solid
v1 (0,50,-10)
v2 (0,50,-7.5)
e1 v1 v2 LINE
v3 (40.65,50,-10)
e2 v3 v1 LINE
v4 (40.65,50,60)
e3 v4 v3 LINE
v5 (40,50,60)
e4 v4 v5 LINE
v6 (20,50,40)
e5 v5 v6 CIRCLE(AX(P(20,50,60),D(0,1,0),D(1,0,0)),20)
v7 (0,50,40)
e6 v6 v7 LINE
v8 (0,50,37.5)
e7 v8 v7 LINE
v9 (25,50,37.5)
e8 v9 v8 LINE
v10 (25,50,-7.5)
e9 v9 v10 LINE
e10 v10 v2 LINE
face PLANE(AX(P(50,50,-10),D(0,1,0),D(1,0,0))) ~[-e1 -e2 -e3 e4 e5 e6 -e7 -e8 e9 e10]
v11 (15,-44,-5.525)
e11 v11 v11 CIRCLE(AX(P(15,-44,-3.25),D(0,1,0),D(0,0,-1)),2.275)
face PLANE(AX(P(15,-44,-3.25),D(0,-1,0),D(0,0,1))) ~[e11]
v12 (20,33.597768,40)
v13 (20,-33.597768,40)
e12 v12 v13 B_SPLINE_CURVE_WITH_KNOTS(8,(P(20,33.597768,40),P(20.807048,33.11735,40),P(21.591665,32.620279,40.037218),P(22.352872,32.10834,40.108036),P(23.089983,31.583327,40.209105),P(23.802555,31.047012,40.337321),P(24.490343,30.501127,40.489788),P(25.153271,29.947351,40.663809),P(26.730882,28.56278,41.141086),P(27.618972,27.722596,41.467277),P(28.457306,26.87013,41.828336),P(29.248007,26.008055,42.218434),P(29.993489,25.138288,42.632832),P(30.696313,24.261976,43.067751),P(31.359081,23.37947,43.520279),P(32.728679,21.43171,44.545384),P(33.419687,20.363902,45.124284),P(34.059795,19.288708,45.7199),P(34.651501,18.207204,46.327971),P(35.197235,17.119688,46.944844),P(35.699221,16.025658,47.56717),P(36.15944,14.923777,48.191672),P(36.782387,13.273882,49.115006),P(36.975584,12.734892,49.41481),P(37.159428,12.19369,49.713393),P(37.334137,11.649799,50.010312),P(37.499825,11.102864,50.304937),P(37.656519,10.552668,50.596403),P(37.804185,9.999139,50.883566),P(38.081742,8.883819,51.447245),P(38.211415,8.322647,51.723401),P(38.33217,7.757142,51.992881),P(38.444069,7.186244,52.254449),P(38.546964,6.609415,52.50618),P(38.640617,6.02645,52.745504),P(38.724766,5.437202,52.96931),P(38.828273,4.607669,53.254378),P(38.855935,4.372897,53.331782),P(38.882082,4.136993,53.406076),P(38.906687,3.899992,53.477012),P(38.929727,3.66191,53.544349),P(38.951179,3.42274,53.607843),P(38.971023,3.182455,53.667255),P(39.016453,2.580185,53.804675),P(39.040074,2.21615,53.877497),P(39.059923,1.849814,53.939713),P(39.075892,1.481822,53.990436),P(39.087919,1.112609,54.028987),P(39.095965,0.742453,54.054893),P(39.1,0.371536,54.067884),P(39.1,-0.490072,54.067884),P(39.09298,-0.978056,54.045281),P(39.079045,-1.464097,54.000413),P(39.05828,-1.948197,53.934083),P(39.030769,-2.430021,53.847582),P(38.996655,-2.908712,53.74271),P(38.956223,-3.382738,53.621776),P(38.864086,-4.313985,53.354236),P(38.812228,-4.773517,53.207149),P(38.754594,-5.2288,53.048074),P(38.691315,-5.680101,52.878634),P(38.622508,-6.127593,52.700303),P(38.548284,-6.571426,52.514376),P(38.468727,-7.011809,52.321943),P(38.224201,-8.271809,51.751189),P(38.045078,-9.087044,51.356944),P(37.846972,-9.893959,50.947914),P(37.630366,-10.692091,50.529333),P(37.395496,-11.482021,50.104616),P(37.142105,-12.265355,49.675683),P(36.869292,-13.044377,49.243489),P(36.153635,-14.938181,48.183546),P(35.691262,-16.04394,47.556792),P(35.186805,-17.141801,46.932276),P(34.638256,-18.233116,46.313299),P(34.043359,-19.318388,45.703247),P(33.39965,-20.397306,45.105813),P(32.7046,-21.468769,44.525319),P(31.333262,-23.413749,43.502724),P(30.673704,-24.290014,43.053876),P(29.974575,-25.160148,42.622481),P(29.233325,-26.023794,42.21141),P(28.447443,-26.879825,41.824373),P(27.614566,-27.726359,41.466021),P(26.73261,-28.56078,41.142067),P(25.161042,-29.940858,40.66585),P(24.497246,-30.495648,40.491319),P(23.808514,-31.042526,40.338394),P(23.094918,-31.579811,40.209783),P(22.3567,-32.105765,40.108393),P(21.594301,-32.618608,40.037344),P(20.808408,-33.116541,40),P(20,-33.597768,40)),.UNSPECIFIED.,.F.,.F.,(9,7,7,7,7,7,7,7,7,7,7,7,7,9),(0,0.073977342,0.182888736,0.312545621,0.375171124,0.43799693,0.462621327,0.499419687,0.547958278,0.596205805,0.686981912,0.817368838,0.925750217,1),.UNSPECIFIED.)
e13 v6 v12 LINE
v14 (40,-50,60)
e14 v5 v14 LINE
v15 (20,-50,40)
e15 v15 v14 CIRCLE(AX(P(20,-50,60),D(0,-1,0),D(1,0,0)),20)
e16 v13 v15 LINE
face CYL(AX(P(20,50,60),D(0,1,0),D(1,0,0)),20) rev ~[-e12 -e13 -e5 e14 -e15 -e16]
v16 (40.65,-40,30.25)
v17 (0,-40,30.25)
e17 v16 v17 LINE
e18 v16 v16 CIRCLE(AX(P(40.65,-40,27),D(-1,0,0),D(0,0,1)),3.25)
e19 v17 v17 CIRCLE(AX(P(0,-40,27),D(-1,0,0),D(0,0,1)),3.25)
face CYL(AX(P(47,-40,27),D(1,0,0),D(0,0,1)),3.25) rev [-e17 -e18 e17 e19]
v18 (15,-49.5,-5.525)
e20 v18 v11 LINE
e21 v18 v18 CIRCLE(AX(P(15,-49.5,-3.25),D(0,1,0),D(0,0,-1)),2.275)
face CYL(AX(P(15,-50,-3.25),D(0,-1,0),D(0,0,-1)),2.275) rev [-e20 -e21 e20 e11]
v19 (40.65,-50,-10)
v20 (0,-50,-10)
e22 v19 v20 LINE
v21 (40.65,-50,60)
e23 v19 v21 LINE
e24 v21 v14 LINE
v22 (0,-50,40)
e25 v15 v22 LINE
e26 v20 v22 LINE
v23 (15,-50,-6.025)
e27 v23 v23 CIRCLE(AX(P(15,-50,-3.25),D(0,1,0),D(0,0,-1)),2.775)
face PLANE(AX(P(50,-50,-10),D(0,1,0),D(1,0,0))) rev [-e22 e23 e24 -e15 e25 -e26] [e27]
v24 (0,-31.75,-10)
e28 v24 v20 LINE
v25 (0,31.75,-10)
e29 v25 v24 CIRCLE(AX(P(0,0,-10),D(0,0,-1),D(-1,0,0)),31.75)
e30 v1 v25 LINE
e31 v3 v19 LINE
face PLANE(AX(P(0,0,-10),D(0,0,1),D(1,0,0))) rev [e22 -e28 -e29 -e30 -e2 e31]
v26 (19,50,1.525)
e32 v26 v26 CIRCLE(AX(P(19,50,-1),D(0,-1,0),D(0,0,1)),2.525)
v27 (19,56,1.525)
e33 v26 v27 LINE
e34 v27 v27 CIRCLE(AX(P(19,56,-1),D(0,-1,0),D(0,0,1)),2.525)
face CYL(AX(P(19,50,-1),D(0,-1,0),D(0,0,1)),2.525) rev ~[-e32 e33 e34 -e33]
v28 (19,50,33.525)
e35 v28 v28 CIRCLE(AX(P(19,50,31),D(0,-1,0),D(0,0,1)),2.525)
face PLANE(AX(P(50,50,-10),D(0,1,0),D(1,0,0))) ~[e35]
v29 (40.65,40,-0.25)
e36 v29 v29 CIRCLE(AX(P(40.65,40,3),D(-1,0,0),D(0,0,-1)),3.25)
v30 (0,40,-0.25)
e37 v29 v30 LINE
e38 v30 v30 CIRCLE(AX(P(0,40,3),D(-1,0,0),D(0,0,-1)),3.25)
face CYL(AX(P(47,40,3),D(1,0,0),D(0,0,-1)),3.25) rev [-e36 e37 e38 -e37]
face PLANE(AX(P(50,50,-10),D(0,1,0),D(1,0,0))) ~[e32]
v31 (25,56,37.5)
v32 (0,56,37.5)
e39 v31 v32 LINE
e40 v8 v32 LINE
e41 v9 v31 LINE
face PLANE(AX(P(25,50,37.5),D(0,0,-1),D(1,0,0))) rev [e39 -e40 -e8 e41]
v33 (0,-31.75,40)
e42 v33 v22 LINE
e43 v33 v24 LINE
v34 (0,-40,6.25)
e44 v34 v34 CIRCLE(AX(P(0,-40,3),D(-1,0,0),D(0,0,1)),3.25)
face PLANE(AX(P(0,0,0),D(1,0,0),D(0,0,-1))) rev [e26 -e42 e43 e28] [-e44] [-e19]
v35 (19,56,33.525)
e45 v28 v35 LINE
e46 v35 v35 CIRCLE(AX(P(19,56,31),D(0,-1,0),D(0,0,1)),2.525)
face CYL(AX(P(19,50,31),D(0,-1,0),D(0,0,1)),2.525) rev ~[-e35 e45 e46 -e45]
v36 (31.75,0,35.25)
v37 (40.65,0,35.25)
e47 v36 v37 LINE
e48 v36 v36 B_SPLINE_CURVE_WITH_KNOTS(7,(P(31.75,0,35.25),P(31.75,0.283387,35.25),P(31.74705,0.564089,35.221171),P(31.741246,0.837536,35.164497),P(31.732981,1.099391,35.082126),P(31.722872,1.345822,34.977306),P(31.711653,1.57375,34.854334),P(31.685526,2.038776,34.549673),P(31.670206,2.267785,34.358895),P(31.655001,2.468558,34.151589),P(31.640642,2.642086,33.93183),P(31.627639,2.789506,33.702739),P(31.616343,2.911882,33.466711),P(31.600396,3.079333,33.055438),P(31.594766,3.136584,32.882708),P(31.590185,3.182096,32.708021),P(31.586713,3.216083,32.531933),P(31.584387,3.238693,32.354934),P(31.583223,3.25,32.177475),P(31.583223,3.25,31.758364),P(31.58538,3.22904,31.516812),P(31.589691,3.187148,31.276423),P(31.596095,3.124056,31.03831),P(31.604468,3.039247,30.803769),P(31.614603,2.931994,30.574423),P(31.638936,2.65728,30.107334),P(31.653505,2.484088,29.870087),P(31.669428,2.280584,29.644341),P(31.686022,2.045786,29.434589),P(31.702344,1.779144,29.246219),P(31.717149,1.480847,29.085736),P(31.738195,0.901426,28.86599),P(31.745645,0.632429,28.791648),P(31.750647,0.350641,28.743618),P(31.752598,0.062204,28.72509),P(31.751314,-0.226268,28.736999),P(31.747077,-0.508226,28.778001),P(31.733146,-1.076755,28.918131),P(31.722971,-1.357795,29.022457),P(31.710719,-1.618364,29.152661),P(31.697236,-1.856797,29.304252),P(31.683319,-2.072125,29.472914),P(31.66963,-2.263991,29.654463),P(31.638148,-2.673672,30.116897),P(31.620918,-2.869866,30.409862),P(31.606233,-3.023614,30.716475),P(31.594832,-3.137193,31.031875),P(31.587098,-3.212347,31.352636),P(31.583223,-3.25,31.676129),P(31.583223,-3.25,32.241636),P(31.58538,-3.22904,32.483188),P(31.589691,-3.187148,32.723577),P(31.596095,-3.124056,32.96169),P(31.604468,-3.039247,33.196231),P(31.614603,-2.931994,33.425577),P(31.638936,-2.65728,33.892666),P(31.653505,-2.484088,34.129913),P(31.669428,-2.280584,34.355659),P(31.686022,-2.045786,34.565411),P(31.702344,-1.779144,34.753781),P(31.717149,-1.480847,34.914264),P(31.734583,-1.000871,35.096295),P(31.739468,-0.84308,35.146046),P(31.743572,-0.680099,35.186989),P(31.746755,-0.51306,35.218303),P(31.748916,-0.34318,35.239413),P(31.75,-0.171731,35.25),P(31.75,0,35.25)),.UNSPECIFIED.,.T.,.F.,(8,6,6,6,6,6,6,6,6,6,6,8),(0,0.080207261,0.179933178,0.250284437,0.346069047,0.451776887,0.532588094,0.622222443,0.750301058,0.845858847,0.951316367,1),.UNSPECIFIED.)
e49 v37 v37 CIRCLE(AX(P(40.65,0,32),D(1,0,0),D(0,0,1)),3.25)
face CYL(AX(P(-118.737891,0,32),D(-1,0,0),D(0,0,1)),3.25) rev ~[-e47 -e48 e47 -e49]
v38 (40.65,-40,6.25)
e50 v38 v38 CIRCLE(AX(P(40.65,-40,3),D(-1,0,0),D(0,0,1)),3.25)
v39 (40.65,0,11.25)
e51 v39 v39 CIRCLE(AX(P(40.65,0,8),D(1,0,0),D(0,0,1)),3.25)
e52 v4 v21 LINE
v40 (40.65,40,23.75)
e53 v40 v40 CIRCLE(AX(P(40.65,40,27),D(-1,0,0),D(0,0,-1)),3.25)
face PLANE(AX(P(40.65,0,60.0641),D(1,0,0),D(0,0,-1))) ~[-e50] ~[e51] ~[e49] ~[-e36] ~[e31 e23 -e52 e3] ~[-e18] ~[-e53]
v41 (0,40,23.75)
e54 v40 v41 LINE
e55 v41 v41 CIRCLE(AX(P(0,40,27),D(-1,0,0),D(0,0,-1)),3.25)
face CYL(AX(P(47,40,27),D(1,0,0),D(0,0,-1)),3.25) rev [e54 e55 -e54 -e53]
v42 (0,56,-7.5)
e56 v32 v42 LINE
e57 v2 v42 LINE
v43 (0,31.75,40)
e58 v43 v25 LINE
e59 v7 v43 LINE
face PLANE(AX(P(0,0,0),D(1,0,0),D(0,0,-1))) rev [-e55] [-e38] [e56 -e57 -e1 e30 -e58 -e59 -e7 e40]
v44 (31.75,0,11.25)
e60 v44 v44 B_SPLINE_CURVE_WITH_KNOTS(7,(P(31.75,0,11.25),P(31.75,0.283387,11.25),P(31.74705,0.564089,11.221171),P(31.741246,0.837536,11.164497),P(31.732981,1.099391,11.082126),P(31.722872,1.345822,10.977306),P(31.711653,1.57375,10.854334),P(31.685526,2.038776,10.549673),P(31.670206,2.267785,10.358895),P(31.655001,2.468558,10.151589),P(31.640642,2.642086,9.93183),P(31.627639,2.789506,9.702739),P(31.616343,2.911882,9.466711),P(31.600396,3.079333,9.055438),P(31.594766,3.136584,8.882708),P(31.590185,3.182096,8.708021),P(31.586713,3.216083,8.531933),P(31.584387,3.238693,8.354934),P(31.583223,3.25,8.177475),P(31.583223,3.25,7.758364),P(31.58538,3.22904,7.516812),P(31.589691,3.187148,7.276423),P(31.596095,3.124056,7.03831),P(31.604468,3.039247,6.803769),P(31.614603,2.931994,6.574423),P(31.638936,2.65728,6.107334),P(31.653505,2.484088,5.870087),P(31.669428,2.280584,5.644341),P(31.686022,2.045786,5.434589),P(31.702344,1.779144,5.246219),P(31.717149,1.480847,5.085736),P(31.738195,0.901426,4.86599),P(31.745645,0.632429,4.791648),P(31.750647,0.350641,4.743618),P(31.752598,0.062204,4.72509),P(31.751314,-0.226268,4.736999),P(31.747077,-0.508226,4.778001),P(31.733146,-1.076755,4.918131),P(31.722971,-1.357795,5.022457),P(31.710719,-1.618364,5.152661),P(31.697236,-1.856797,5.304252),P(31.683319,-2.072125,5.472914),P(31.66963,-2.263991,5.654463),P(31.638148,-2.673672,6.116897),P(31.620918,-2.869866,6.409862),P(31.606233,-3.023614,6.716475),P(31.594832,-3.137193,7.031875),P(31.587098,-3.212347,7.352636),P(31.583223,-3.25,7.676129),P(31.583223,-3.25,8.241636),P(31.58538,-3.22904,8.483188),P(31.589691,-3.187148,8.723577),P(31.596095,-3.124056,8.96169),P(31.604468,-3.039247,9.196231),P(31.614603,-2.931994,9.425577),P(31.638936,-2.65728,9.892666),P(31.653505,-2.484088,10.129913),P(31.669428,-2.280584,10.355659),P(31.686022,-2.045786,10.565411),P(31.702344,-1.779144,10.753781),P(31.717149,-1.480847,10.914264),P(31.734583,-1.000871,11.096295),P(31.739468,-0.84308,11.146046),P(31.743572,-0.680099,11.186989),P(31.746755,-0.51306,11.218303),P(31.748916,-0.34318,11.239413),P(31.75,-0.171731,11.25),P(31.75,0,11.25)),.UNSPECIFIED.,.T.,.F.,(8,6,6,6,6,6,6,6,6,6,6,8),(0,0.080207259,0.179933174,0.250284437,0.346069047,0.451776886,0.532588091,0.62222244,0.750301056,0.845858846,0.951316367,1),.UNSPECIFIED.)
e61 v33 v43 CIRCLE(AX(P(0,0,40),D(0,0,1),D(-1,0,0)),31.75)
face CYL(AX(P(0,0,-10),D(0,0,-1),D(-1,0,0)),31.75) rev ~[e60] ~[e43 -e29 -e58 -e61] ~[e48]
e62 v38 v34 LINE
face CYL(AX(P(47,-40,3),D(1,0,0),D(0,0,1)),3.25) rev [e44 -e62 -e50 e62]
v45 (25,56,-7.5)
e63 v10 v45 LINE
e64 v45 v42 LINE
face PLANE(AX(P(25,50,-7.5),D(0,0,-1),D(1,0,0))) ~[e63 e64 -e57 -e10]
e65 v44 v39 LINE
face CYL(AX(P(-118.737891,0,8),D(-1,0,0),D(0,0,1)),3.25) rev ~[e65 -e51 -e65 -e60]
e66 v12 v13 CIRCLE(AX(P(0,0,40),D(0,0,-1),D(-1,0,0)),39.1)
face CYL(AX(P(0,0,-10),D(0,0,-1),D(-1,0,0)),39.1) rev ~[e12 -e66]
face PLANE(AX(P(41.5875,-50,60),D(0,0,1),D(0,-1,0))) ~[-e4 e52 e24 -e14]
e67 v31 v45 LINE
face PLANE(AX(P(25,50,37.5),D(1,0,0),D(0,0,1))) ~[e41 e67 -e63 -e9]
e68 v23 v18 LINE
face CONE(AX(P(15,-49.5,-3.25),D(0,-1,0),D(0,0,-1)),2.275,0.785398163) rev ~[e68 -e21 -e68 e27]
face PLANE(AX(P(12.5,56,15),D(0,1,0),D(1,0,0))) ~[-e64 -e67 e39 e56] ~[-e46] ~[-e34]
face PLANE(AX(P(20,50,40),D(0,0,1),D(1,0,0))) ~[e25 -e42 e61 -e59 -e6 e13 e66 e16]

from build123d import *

# Parameters (mm, degrees)
CENTRE_HOLE_FOR_L2_DEPTH      = 40
CENTRE_HOLE_FOR_L2_DEPTH_BACK = 10
SKETCH1_R                     = 39.1
SKETCH1_R_2                   = 31.75
MAIN_STRUCTURE_DEPTH          = 60
MAIN_STRUCTURE_DEPTH_BACK     = 50
SKETCH2_W                     = 100
SKETCH2_H                     = 100
SKETCH2_R                     = 39.1
BEARING_CURVE_DEPTH           = 10
SKETCH6_R                     = 10.5
SHAFT_HOLE_DEPTH              = 10
WRIST_CUTOUT_DEPTH            = 188.082869339
SKETCH11_W                    = 25
SKETCH11_H                    = 45
SKETCH11_R                    = 2.525
BOSS_EXTRUDE1_DEPTH           = 6
CUT_EXTRUDE6_DEPTH            = 168.73789077
CUT_EXTRUDE6_DEPTH_BACK       = 168.73789077
SKETCH18_R                    = 3.25
CUT_EXTRUDE7_START            = -1.5875
CUT_EXTRUDE7_DEPTH            = 1.5875
SKETCH9_R                     = 12.05
BEARING_DEPTH                 = 5
CUT_EXTRUDE8_DEPTH            = 3
SKETCH21_R                    = 3.25
SKETCH21_R_2                  = 1.65
CUT_EXTRUDE9_DEPTH            = 167.868211501
CUT_EXTRUDE10_DEPTH           = 6.35
SKETCH23_R                    = 2.275
CUT_EXTRUDE11_DEPTH           = 6
CHAMFER1_SIZE                 = 0.5


with BuildPart() as part:
    # Sketch1 → Centre Hole for L2 (new, two sides: drawn at the far end of the back side and taken through both)
    with BuildSketch(Plane.XY.offset(-CENTRE_HOLE_FOR_L2_DEPTH_BACK)):
        Circle(SKETCH1_R)
        Circle(SKETCH1_R_2, mode=Mode.SUBTRACT)
    extrude(amount=CENTRE_HOLE_FOR_L2_DEPTH + CENTRE_HOLE_FOR_L2_DEPTH_BACK)

    # Sketch2 → Main Structure (add, two sides: drawn at the far end of the back side and taken through both)
    with BuildSketch(Plane.XY.offset(40).offset(-MAIN_STRUCTURE_DEPTH_BACK)):
        Rectangle(SKETCH2_W, SKETCH2_H)
        Circle(SKETCH2_R, mode=Mode.SUBTRACT)
    extrude(amount=MAIN_STRUCTURE_DEPTH + MAIN_STRUCTURE_DEPTH_BACK)

    # Sketch3 → Bearing Curve (add)
    with BuildSketch(Plane.ZY.offset(50)):
        with BuildLine():
            Line((100, 50), (100, -50))
            ThreePointArc((100, -50), (150, 0), (100, 50))
        make_face()
    bearing_curve = extrude(amount=-BEARING_CURVE_DEPTH)

    # Upright Mirror: Bearing Curve across plane
    add(bearing_curve.mirror(Plane(origin=(0, 0, 0), x_dir=(0, 0, 1), z_dir=(1, 0, 0))))

    # Sketch6 → Shaft Hole (cut)
    with BuildSketch(Plane.ZY.offset(50)):
        with Locations((100, 0)):
            Circle(SKETCH6_R)
    extrude(amount=-SHAFT_HOLE_DEPTH, mode=Mode.SUBTRACT)

    # Sketch4 → Wrist Cutout (cut, through all)
    with BuildSketch(Plane(origin=(0, 50, 0), x_dir=(1, 0, 0), z_dir=(0, 1, 0))):
        with BuildLine():
            Line((-40, -100), (-40, -60))
            ThreePointArc((-40, -60), (-34.142135624, -45.857864376), (-20, -40))
            Line((-20, -40), (20, -40))
            ThreePointArc((20, -40), (34.142135624, -45.857864376), (40, -60))
            Line((40, -60), (40, -100))
            Line((40, -100), (-40, -100))
        make_face()
    extrude(amount=-WRIST_CUTOUT_DEPTH, mode=Mode.SUBTRACT)

    # SurfaceCut1
    split(bisect_by=Plane.ZY, keep=Keep.TOP)

    # Sketch11 → Boss-Extrude1 (add)
    with BuildSketch(Plane(origin=(0, 50, 0), x_dir=(1, 0, 0), z_dir=(0, 1, 0))):
        with Locations((-12.5, -15)):
            Rectangle(SKETCH11_W, SKETCH11_H)
        with Locations(Location((-19, 1, 0), (0, 0, 270))):
            Circle(SKETCH11_R, mode=Mode.SUBTRACT)
        with Locations(Location((-19, -31, 0), (0, 0, 270))):
            Circle(SKETCH11_R, mode=Mode.SUBTRACT)
    extrude(amount=BOSS_EXTRUDE1_DEPTH)

    # Sketch18 → Cut-Extrude6 (cut, two sides: drawn at the far end of the back side and taken through both)
    with BuildSketch(Plane.ZY.offset(50).offset(-CUT_EXTRUDE6_DEPTH_BACK)):
        with Locations((8, 0)):
            Circle(SKETCH18_R)
        with Locations((32, 0)):
            Circle(SKETCH18_R)
    extrude(amount=CUT_EXTRUDE6_DEPTH + CUT_EXTRUDE6_DEPTH_BACK, mode=Mode.SUBTRACT)

    # Sketch19 → Cut-Extrude7 (cut)
    with BuildSketch(Plane(origin=(-40, 0, 0), x_dir=(0, 0, -1), z_dir=(1, 0, 0)).offset(CUT_EXTRUDE7_START)):
        with BuildLine():
            Line((-60, 50), (-100, 50))
            ThreePointArc((-100, 50), (-150, 0), (-100, -50))
            Line((-100, -50), (-60, -50))
            Line((-60, -50), (-60, 50))
        make_face()
    extrude(amount=CUT_EXTRUDE7_DEPTH, mode=Mode.SUBTRACT)

    # Sketch9 → Bearing (cut)
    with BuildSketch(Plane(origin=(-41.5875, 0, 0), x_dir=(0, 0, -1), z_dir=(1, 0, 0))):
        with Locations((-100, 0)):
            Circle(SKETCH9_R)
    extrude(amount=-BEARING_DEPTH, mode=Mode.SUBTRACT)

    # Sketch20 → Cut-Extrude8 (cut)
    with BuildSketch(Plane.ZY.offset(50)):
        with BuildLine():
            Line((-10, -50), (100, -50))
            ThreePointArc((100, -50), (150, 0), (100, 50))
            Line((100, 50), (-10, 50))
            Line((-10, 50), (-10, -50))
        make_face()
    extrude(amount=-CUT_EXTRUDE8_DEPTH, mode=Mode.SUBTRACT)

    # Sketch21 → Cut-Extrude9 (cut, through all)
    with BuildSketch(Plane.ZY.offset(47)):
        with Locations((3, -40)):
            Circle(SKETCH21_R)
        with Locations((27, -40)):
            Circle(SKETCH21_R)
        with Locations(Location((27, 40, 0), (0, 0, 180))):
            Circle(SKETCH21_R)
        with Locations(Location((3, 40, 0), (0, 0, 180))):
            Circle(SKETCH21_R)
        with Locations((125, 0)):
            Circle(SKETCH21_R_2)
    extrude(amount=-CUT_EXTRUDE9_DEPTH, mode=Mode.SUBTRACT)

    # Sketch22 → Cut-Extrude10 (cut)
    with BuildSketch(Plane.ZY.offset(47)):
        with BuildLine():
            Line((-10, 50), (-10, -50))
            Line((-10, -50), (100, -50))
            ThreePointArc((100, -50), (150, 0), (100, 50))
            Line((100, 50), (-10, 50))
        make_face()
    extrude(amount=-CUT_EXTRUDE10_DEPTH, mode=Mode.SUBTRACT)

    # Sketch23 → Cut-Extrude11 (cut)
    with BuildSketch(Plane(origin=(0, -50, 0), x_dir=(-1, 0, 0), z_dir=(0, -1, 0))):
        with Locations(Location((15, 3.25, 0), (0, 0, 90))):
            Circle(SKETCH23_R)
    extrude(amount=-CUT_EXTRUDE11_DEPTH, mode=Mode.SUBTRACT)

    # Chamfer1
    chamfer1_edges = [part.edges().sort_by_distance(p)[0] for p in [
        (-15, -50, -0.975),
    ]]
    chamfer(chamfer1_edges, length=CHAMFER1_SIZE)


with BuildPart() as body_2:
    # Mirror1: mirrored copy
    add(part.part.mirror(Plane.ZY))


solid = body_2.part
